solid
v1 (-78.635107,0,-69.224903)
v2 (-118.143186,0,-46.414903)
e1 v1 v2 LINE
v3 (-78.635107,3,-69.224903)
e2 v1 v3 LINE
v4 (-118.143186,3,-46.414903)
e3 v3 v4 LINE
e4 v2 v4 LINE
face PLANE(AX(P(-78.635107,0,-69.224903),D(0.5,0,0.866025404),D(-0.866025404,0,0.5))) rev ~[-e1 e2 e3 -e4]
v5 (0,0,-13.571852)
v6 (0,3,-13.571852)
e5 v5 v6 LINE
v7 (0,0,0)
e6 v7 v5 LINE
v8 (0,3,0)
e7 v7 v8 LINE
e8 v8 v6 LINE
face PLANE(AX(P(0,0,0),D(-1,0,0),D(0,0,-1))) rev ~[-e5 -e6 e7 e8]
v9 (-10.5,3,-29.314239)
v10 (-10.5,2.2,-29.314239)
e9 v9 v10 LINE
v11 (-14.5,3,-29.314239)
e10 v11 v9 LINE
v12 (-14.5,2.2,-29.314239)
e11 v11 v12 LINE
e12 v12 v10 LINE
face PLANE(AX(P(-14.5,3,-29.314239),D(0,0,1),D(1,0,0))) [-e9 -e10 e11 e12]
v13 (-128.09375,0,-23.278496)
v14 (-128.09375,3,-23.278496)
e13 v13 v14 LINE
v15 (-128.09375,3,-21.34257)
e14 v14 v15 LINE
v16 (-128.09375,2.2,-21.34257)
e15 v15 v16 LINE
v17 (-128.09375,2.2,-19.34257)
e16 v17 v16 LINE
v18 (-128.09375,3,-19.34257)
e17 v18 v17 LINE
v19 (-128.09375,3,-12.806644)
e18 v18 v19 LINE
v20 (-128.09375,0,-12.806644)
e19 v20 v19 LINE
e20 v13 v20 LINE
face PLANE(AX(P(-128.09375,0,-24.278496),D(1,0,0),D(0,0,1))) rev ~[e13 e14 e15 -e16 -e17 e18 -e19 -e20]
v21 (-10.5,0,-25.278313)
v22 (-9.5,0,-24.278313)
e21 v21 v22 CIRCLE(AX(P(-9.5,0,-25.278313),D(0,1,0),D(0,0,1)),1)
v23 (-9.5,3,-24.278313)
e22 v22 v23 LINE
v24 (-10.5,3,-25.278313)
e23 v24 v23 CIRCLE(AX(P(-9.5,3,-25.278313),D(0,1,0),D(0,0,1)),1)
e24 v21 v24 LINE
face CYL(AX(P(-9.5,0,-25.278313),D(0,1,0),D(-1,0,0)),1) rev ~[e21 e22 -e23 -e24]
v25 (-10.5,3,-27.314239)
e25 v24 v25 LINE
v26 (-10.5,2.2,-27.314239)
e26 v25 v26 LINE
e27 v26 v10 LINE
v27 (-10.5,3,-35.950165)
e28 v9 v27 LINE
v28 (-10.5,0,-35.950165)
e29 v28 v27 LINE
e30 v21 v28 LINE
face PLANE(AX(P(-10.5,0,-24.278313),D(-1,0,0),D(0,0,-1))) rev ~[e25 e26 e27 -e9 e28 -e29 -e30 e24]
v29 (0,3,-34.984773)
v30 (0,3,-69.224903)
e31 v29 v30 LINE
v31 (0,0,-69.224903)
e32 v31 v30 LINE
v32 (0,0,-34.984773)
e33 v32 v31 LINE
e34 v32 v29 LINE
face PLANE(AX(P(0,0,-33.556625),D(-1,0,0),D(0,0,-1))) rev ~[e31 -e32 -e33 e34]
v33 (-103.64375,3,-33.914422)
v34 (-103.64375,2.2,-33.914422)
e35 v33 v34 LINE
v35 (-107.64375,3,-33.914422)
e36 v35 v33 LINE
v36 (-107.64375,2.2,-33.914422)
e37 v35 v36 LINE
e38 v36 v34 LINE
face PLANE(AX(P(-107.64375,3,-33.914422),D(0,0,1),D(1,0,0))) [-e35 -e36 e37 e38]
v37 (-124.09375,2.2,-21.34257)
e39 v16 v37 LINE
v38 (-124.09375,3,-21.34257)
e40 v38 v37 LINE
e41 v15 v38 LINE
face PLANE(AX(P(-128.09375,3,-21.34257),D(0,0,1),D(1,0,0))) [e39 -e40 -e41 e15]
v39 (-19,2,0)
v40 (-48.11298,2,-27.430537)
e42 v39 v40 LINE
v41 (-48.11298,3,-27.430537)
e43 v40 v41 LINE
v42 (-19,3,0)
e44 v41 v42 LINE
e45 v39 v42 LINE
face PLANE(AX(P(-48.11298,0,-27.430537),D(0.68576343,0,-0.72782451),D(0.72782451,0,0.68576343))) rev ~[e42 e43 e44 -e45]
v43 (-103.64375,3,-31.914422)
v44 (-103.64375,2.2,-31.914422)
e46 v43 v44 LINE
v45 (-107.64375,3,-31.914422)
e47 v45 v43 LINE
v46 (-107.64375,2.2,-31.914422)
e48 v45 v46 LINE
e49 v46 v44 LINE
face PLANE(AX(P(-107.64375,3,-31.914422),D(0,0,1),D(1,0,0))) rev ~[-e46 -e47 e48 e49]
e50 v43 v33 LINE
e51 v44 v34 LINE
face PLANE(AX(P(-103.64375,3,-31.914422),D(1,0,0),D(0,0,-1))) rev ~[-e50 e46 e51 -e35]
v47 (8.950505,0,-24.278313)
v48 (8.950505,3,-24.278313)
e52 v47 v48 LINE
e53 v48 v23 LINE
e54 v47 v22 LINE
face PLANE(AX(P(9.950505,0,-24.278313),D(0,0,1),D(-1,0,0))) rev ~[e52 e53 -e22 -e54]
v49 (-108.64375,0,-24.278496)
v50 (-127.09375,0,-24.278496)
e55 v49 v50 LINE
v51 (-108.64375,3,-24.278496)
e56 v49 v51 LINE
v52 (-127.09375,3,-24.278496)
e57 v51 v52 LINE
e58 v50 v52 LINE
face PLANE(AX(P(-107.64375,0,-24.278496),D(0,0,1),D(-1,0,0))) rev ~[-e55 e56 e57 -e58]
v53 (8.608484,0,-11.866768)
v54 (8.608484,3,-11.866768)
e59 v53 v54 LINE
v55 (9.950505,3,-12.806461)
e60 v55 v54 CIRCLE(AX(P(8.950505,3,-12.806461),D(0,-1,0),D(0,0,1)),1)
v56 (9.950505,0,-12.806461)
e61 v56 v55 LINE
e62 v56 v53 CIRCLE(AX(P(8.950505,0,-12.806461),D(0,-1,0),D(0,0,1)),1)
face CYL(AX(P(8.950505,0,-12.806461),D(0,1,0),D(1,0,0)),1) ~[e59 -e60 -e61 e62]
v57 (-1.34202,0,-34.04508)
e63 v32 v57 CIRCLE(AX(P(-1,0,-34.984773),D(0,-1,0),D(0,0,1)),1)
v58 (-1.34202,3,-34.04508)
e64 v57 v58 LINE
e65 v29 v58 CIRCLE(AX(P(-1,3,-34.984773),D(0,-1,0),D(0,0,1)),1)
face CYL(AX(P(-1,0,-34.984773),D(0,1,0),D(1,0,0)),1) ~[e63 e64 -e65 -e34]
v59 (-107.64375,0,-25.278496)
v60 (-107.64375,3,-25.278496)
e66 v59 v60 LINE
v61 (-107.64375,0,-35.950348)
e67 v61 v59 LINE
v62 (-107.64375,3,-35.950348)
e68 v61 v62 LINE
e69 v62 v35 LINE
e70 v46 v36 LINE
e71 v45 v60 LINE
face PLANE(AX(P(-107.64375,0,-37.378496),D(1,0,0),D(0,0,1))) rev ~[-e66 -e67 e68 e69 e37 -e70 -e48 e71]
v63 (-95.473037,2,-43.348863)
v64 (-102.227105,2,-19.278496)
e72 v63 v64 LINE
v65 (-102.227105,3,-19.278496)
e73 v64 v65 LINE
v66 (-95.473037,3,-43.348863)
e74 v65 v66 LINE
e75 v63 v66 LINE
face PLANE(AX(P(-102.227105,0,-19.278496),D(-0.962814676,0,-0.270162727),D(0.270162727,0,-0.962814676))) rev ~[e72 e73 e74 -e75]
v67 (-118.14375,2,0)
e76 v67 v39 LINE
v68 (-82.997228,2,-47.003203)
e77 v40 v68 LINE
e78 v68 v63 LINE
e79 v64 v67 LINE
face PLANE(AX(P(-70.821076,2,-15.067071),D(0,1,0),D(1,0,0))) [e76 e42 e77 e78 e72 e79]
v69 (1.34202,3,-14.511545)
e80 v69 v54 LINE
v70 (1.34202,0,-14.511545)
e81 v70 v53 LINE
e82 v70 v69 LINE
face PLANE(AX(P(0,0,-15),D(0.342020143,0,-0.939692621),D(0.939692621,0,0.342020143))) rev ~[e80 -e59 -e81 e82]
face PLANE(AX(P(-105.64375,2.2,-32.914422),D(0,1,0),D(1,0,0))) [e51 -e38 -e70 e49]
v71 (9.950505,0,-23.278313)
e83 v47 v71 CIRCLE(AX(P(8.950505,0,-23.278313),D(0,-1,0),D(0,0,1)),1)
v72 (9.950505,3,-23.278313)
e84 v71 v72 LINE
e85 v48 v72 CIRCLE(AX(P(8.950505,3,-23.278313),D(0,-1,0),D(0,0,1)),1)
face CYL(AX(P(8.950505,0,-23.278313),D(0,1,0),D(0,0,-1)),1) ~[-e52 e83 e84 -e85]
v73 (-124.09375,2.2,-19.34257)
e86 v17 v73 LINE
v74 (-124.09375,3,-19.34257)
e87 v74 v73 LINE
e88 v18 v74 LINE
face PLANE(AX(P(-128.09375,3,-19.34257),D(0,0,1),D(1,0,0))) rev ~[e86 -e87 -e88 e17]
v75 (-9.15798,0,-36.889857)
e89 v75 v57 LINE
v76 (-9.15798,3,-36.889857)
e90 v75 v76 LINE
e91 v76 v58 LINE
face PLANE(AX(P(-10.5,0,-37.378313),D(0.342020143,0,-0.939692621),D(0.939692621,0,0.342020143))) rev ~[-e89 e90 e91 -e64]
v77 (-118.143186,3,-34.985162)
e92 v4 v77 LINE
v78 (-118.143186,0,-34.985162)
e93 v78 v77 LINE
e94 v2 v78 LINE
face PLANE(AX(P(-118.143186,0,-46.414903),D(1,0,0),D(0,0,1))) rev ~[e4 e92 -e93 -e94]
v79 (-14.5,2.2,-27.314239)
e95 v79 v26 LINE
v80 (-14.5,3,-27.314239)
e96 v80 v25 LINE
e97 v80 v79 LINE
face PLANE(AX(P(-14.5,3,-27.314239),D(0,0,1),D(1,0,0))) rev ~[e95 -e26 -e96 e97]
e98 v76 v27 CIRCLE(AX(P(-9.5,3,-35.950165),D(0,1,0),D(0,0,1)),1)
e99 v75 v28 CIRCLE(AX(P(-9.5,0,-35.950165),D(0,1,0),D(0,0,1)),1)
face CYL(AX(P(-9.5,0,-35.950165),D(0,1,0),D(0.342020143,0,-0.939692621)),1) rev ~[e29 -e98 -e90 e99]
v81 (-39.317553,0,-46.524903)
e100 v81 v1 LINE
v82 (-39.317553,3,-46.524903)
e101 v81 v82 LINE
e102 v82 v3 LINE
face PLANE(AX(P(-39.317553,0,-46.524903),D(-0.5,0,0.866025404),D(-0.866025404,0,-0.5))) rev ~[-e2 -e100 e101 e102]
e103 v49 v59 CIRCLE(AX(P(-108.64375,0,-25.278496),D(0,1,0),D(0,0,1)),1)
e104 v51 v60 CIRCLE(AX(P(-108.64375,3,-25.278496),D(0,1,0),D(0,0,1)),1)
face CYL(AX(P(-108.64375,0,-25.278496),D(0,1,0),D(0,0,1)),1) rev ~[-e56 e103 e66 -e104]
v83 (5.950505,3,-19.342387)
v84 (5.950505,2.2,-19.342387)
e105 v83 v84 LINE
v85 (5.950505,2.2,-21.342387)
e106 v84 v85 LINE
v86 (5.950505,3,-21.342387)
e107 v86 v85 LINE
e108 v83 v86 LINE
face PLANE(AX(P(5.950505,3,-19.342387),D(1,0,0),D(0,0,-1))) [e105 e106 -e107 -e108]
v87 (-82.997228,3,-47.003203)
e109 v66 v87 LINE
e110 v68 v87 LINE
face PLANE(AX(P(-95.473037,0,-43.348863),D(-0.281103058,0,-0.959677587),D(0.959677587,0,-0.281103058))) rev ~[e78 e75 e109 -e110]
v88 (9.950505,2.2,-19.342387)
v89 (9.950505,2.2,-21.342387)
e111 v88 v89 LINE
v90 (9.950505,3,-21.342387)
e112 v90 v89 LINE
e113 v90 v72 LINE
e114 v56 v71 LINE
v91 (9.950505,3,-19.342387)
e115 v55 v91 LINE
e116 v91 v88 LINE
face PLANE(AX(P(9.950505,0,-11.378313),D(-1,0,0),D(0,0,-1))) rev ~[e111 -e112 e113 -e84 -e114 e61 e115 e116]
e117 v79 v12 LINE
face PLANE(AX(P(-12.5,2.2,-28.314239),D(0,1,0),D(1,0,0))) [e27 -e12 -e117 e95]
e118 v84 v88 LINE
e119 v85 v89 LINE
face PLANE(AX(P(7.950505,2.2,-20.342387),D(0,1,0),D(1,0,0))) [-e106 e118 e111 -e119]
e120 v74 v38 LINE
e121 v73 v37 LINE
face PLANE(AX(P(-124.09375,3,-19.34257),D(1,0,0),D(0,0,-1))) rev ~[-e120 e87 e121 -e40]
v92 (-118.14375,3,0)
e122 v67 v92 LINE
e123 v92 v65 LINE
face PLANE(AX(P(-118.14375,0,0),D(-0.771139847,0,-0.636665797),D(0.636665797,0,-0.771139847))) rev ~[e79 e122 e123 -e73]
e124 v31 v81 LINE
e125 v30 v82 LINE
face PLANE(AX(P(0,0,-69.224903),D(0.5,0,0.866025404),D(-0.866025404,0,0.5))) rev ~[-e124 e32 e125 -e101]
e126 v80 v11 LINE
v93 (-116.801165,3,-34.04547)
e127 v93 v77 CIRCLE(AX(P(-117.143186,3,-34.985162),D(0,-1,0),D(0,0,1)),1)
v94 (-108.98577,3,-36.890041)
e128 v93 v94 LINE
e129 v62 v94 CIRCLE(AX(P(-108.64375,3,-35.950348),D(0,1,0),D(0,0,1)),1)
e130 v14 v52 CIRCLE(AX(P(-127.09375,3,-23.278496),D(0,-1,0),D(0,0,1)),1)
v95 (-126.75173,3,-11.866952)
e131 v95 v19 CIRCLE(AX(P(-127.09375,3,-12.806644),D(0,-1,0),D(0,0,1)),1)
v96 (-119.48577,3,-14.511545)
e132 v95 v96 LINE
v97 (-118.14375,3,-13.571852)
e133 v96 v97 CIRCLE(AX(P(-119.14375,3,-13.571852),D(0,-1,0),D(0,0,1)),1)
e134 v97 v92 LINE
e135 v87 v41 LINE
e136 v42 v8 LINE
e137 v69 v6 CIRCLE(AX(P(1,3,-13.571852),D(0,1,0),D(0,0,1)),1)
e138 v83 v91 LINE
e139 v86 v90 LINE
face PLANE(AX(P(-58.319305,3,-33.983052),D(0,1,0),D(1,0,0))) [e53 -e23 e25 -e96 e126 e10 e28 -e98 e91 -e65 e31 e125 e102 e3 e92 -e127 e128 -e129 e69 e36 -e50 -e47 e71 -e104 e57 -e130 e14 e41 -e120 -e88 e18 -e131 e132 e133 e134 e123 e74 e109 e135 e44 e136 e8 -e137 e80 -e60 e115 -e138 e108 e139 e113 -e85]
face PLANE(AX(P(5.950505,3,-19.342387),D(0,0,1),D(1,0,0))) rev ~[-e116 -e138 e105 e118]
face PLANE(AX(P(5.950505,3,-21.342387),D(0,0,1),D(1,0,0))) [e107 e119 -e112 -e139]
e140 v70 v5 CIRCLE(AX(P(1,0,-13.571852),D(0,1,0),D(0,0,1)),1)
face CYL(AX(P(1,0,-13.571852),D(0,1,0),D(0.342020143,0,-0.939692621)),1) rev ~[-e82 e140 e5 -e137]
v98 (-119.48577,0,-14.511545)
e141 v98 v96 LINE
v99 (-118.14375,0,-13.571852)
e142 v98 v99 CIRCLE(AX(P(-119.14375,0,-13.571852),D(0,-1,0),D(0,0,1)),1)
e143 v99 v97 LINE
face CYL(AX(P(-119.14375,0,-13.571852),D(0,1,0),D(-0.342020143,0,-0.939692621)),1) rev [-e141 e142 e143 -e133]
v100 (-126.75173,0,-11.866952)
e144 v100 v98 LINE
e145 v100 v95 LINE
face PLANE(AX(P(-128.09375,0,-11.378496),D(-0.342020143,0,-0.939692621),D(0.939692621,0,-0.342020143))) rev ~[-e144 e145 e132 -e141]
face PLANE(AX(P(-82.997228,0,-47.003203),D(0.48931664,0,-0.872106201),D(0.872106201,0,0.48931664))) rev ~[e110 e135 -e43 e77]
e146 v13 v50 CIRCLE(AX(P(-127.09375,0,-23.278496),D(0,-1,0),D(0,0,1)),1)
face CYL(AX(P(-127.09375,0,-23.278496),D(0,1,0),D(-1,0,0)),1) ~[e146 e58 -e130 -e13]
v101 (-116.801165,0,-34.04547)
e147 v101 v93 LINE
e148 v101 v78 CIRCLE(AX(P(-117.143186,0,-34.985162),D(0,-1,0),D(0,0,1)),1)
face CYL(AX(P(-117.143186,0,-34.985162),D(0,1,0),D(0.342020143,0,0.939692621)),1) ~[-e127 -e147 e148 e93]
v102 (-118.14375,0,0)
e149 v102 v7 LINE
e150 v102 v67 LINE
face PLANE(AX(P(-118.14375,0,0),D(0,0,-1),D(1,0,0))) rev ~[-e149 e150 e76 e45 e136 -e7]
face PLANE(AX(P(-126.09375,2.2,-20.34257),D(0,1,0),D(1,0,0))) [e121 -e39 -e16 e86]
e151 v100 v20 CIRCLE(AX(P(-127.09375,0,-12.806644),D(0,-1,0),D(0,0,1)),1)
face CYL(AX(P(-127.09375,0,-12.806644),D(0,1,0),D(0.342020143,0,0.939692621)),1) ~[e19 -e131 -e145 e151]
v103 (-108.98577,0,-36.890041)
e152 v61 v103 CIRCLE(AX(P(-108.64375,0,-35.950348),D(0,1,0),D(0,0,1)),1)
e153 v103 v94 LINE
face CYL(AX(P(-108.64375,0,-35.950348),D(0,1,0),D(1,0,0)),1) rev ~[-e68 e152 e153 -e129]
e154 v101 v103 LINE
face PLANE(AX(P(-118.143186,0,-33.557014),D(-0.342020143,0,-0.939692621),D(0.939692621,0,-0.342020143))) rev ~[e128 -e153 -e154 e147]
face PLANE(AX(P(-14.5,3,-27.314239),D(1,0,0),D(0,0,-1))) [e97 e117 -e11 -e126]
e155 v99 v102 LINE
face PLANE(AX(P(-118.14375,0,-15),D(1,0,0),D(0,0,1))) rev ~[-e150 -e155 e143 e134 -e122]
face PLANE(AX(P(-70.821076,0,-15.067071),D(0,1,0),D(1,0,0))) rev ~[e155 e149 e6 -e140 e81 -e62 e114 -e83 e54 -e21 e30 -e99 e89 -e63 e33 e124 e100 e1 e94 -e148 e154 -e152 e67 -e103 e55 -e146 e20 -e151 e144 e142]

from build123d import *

# Parameters (mm, degrees)
P_IDAT_VYSUNUT_M1_DEPTH  = 3
P_IDAT_VYSUNUT_M2_DEPTH  = 2
ZAOBLIT3_R               = 1
SKICA2_W                 = 4
SKICA2_H                 = 2
ODEBRAT_VYSUNUT_M1_DEPTH = 0.8
SKICA3_W                 = 4
SKICA3_H                 = 2
ODEBRAT_VYSUNUT_M2_DEPTH = 0.8


with BuildPart() as part:
    # Skica1 → P_idat vysunut_m1 (new body)
    with BuildSketch(Plane(origin=(0, 0, 0), x_dir=(1, 0, 0), z_dir=(0, 1, 0))):
        Polygon((-118.143750166, 15), (-118.143750166, 0), (-102.227105248, 19.278496169), (-95.473037065, 43.348863075), (-82.997228437, 47.003202833), (-48.112980408, 27.430537213), (-19, 0), (0, 0), (0, 15), (9.950504516, 11.37831254), (9.950504516, 24.27831254), (-10.5, 24.27831254), (-10.5, 37.37831254), (0, 33.55662508), (0, 69.224902673), (-39.317553332, 46.524902673), (-78.635106664, 69.224902673), (-118.143185584, 46.414902673), (-118.143185584, 33.5570142), (-107.643750166, 37.378496169), (-107.643750166, 24.278496169), (-128.093750166, 24.278496169), (-128.093750166, 11.378496169), align=None)
    extrude(amount=P_IDAT_VYSUNUT_M1_DEPTH)

    # Skica1_3 → P_idat vysunut_m2 (add)
    with BuildSketch(Plane(origin=(0, 0, 0), x_dir=(1, 0, 0), z_dir=(0, 1, 0))):
        Polygon((-102.227105248, 19.278496169), (-118.143750166, 0), (-19, 0), (-48.112980408, 27.430537213), (-82.997228437, 47.003202833), (-95.473037065, 43.348863075), align=None)
    extrude(amount=P_IDAT_VYSUNUT_M2_DEPTH)

    # Zaoblit3
    zaoblit3_edges = [part.edges().sort_by_distance(p)[0] for p in [
        (-10.5, 1.5, -24.27831254),
        (9.950504516, 1.5, -24.27831254),
        (9.950504516, 1.5, -11.37831254),
        (0, 1.5, -15),
        (-118.143750166, 1.5, -15),
        (-128.093750166, 1.5, -11.378496169),
        (-128.093750166, 1.5, -24.278496169),
        (-107.643750166, 1.5, -24.278496169),
        (-107.643750166, 1.5, -37.378496169),
        (-118.143185584, 1.5, -33.5570142),
        (0, 1.5, -33.55662508),
        (-10.5, 1.5, -37.37831254),
    ]]
    fillet(zaoblit3_edges, radius=ZAOBLIT3_R)

    # Skica2 → Odebrat vysunut_m1 (cut)
    with BuildSketch(Plane(origin=(0, 3, 0), x_dir=(1, 0, 0), z_dir=(0, 1, 0))):
        with Locations((-105.643750166, 32.914422166)):
            Rectangle(SKICA2_W, SKICA2_H)
        with Locations((-126.093750166, 20.342570172)):
            Rectangle(SKICA2_W, SKICA2_H)
    extrude(amount=-ODEBRAT_VYSUNUT_M1_DEPTH, mode=Mode.SUBTRACT)

    # Skica3 → Odebrat vysunut_m2 (cut)
    with BuildSketch(Plane(origin=(0, 3, 0), x_dir=(1, 0, 0), z_dir=(0, 1, 0))):
        with Locations((-12.5, 28.314238537)):
            Rectangle(SKICA3_W, SKICA3_H)
        with Locations((7.950504516, 20.342386544)):
            Rectangle(SKICA3_W, SKICA3_H)
    extrude(amount=-ODEBRAT_VYSUNUT_M2_DEPTH, mode=Mode.SUBTRACT)


solid = part.part
